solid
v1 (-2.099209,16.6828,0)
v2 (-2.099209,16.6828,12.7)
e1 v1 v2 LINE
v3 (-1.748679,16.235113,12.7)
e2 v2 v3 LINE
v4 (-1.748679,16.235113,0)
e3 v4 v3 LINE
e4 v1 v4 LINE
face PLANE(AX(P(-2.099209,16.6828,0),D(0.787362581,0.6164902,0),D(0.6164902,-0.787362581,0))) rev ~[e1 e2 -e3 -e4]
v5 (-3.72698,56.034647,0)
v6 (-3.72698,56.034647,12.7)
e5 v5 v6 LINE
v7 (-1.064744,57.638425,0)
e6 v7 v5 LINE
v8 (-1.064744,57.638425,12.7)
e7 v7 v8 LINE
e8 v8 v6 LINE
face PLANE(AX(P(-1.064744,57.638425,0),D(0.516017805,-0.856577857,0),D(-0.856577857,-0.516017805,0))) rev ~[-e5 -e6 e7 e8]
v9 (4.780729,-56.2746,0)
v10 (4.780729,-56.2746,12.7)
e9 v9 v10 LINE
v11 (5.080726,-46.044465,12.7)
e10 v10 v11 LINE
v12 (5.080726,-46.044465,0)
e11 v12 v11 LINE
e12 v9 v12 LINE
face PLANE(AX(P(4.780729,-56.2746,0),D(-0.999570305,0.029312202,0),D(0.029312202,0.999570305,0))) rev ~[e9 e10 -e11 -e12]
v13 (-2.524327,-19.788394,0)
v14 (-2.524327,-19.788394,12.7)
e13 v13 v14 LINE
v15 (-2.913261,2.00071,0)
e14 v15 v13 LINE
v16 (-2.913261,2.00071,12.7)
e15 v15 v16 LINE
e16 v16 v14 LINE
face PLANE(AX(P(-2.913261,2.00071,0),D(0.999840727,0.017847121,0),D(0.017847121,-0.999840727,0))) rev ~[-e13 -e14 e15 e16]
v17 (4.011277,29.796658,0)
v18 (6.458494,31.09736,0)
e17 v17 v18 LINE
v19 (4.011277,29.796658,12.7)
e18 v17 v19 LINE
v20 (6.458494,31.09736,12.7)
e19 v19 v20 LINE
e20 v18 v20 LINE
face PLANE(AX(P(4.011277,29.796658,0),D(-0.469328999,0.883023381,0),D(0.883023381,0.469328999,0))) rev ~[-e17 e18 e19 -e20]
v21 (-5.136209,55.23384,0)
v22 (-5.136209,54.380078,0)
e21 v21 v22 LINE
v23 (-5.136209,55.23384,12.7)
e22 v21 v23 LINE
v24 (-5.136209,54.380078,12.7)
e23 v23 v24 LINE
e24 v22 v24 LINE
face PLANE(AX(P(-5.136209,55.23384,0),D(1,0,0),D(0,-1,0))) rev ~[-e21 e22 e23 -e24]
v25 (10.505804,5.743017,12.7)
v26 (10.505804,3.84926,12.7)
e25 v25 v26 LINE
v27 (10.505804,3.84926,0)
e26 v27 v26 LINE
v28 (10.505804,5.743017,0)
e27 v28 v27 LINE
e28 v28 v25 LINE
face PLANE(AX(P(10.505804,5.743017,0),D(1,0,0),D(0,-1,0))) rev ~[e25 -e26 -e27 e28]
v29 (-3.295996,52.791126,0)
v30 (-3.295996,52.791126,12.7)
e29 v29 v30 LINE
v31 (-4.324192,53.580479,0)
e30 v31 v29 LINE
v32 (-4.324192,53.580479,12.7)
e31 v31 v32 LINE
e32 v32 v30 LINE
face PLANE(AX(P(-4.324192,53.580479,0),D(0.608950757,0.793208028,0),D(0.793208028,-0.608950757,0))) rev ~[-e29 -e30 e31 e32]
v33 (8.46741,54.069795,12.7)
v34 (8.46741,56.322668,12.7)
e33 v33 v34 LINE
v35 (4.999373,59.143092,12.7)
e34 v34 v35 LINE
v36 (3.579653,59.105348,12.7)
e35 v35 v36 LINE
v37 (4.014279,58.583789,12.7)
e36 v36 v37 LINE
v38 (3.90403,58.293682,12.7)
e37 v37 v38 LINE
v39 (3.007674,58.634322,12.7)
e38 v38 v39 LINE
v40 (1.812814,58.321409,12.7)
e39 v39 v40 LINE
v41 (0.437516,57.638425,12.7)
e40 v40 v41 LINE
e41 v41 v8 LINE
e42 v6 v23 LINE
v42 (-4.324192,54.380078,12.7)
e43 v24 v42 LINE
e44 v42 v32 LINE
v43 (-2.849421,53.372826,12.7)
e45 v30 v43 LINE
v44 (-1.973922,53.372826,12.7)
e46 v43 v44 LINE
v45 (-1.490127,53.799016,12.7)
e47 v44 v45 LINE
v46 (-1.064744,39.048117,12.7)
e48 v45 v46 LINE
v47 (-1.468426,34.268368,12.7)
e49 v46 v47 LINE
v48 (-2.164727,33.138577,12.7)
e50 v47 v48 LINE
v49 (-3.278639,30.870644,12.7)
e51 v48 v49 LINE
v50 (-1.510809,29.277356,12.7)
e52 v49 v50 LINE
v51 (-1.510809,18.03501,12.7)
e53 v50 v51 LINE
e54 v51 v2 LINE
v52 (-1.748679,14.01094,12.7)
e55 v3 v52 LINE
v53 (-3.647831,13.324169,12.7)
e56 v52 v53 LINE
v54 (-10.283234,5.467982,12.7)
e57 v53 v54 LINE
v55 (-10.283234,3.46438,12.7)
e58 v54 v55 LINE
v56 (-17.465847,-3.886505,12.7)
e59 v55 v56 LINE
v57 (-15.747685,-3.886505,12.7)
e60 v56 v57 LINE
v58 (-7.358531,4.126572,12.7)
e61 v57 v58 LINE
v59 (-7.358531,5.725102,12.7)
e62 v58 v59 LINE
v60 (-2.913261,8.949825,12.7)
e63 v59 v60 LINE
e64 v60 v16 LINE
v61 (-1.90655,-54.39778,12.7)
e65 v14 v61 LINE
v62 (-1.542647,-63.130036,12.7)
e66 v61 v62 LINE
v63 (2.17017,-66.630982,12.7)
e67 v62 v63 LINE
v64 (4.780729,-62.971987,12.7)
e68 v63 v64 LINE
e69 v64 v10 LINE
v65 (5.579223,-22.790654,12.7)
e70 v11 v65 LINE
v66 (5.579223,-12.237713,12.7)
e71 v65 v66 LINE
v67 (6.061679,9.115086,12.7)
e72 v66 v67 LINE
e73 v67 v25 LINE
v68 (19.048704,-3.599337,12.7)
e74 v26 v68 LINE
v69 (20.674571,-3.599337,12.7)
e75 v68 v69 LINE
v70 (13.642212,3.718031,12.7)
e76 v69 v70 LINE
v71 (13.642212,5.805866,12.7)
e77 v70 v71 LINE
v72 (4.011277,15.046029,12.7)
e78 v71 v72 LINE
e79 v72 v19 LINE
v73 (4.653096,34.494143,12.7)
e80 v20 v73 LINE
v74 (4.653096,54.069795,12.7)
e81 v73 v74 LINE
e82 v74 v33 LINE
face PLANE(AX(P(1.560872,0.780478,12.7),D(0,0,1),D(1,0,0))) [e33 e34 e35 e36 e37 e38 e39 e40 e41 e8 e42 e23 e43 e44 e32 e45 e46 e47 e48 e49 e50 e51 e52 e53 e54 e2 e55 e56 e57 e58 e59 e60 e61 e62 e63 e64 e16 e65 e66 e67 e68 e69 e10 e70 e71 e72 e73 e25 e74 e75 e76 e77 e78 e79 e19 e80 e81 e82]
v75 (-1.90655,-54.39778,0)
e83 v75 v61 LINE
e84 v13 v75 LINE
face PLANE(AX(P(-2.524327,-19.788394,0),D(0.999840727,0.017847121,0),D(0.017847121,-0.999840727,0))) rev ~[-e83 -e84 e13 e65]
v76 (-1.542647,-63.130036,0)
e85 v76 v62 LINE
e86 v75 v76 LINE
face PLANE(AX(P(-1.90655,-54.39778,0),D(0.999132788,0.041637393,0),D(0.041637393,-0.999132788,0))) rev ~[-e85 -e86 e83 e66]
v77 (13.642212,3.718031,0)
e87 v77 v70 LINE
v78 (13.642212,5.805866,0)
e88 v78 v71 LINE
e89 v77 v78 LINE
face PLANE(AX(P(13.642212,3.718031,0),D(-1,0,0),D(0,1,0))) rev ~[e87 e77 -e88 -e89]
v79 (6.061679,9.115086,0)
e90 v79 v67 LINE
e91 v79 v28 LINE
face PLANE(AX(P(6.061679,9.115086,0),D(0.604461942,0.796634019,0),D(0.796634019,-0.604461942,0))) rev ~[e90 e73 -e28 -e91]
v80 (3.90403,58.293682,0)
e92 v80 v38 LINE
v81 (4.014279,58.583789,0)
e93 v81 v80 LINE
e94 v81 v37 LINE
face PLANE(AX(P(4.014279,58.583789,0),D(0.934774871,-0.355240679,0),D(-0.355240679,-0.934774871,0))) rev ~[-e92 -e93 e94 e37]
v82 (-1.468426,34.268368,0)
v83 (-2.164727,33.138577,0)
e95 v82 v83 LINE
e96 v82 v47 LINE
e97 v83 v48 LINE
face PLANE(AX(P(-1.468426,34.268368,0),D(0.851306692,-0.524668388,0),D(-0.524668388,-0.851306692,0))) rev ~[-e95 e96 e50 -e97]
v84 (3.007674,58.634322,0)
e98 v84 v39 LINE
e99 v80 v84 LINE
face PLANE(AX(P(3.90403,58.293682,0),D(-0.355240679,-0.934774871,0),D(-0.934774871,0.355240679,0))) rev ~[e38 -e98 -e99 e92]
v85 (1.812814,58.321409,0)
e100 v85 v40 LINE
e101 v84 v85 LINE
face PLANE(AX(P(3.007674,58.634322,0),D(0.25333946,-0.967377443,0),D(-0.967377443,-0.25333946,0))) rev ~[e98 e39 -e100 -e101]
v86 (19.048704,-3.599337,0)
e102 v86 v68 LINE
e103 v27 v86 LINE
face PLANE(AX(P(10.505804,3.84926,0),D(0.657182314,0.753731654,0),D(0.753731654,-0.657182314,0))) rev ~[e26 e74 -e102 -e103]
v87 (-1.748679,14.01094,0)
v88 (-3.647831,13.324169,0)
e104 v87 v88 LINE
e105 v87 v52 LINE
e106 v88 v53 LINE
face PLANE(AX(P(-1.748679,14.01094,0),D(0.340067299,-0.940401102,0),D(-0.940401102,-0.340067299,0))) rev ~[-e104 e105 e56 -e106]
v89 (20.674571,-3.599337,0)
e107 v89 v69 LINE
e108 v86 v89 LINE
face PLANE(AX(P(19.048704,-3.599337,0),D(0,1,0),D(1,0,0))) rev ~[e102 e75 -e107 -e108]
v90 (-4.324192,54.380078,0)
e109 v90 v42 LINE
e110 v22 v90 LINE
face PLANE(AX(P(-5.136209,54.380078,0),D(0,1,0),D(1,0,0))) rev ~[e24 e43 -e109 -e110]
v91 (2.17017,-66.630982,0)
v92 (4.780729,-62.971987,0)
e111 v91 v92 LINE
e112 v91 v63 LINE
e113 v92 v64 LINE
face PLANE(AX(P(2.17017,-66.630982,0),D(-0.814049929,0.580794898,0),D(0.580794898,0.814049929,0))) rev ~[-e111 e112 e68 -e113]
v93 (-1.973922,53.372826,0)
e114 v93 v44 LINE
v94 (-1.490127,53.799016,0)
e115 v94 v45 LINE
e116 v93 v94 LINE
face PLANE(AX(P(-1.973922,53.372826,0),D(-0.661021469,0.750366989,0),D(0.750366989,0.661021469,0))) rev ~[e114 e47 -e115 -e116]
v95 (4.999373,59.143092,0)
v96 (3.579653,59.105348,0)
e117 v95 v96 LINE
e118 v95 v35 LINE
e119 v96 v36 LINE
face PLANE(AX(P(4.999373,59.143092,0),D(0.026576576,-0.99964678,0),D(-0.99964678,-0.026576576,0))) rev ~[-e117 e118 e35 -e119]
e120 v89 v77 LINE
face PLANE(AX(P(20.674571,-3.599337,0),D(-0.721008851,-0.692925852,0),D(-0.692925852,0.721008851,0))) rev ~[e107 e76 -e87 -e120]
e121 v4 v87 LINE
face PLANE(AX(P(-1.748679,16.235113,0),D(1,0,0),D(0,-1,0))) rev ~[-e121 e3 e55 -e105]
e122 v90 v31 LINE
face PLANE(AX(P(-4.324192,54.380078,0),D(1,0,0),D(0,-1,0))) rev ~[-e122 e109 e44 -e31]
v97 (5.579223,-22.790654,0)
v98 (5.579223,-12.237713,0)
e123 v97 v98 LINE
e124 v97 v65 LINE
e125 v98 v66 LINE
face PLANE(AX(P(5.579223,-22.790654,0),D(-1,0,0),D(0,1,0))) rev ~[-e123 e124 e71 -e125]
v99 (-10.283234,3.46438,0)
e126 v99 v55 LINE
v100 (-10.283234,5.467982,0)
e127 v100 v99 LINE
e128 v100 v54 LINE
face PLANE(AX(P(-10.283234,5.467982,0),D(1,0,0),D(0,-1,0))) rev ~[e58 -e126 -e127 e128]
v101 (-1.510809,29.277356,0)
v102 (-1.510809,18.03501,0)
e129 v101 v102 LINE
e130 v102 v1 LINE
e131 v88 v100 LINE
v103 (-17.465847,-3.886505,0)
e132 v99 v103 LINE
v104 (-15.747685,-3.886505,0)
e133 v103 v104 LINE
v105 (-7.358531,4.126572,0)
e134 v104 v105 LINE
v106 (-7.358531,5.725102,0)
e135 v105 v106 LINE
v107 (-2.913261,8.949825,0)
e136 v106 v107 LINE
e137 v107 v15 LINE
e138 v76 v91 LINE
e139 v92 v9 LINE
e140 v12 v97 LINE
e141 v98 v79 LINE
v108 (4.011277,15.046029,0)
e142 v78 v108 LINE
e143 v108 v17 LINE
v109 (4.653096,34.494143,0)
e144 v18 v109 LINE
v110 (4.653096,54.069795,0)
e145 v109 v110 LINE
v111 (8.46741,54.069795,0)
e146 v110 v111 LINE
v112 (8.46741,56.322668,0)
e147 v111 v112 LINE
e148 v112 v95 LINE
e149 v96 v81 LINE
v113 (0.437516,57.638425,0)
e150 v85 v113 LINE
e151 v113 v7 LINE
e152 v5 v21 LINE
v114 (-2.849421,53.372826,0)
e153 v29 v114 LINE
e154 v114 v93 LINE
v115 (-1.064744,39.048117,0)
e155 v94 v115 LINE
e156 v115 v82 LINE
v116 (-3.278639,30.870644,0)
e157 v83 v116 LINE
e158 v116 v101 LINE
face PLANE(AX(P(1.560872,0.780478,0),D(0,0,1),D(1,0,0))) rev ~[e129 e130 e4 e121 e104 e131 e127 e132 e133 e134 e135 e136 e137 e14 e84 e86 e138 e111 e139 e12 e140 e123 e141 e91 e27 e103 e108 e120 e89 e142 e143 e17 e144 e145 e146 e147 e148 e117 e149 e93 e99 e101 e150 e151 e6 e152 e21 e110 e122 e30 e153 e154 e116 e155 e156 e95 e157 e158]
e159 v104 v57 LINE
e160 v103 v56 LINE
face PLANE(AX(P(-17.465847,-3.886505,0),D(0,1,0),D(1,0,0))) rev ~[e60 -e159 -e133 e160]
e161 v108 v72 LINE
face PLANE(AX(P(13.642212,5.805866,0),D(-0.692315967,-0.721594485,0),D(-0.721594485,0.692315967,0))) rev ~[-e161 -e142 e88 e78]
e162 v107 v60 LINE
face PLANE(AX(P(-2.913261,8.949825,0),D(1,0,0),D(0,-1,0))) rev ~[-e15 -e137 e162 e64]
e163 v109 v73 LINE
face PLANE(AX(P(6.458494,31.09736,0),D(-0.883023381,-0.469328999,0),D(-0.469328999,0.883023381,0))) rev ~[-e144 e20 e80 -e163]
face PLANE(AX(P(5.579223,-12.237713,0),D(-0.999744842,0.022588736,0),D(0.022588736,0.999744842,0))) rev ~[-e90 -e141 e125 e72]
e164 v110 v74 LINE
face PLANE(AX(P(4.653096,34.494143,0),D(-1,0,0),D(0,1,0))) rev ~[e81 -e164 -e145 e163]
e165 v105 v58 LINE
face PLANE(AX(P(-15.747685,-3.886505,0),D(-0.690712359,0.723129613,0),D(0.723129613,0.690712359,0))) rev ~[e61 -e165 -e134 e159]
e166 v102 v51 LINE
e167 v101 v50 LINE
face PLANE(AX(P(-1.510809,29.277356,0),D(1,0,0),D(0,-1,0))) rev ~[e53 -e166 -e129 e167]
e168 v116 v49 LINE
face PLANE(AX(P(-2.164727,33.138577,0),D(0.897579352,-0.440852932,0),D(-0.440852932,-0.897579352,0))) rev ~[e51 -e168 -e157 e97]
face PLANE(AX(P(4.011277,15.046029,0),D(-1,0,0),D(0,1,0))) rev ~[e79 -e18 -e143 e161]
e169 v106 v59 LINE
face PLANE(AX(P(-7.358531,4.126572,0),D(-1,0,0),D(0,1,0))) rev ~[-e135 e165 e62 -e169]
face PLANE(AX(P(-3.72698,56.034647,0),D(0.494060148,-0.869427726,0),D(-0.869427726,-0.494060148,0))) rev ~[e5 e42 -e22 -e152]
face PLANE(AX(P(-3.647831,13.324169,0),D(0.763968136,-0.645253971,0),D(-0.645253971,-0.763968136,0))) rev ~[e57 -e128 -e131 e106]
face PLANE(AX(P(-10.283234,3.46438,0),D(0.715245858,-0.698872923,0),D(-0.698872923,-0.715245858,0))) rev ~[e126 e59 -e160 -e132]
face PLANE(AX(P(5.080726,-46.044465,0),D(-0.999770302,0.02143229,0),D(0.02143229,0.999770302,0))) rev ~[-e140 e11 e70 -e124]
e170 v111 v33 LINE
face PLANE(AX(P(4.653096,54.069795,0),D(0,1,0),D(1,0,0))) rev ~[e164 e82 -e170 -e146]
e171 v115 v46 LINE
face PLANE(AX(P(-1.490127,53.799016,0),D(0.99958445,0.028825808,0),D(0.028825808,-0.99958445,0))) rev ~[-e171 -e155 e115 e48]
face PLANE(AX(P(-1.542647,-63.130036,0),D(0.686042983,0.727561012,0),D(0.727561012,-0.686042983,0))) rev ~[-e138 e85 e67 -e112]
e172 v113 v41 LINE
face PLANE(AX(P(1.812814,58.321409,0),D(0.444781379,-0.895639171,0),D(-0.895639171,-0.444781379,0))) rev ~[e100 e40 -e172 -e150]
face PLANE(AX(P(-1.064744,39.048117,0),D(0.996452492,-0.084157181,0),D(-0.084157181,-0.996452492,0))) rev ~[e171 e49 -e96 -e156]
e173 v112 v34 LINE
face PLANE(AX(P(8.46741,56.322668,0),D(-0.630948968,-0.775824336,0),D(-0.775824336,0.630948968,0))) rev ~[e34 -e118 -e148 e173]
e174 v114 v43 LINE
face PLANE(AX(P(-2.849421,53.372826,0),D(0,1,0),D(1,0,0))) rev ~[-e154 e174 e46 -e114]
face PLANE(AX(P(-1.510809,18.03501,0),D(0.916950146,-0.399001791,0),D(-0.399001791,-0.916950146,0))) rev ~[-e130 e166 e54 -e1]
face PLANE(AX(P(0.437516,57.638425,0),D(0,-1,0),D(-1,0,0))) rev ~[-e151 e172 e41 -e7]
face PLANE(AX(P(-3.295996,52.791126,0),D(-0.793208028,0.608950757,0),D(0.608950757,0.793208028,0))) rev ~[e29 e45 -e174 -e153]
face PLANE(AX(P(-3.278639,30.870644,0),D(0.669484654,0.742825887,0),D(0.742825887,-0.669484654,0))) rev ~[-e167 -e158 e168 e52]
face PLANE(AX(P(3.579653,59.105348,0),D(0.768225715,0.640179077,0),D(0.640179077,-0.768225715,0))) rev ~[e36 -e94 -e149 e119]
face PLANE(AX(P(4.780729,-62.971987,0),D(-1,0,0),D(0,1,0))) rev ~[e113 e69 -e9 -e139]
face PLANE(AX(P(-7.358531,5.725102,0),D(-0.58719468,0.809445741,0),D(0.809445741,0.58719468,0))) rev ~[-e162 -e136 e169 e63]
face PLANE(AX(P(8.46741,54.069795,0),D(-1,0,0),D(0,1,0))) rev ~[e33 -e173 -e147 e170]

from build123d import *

# Parameters (mm, degrees)
F1_DEPTH = 12.7


with BuildPart() as f1:
    # F0 (on Top) → F1 (new body)
    with BuildSketch(Plane.XY):
        Polygon((8.4674097598, 56.3226677477), (4.9993731081, 59.1430924833), (3.5796526354, 59.105347842), (4.0142790642, 58.5837887803), (3.9040301926, 58.2936815917), (3.0076738913, 58.6343221366), (1.81281392, 58.3214089274), (0.4375161952, 57.63842538), (0, 57.63842538), (-1.0647438467, 57.63842538), (-3.7269797176, 56.0346469283), (-5.1362086087, 55.2338398993), (-5.1362086087, 54.3800778687), (-4.324192436, 54.3800778687), (-4.324192436, 53.5804792602), (-3.2959955279, 52.7911260724), (-2.8494205326, 53.3728264272), (-1.9739218988, 53.3728264272), (-1.4901272083, 53.7990161207), (-1.4361526119, 51.9273541868), (-1.0647438467, 39.0481166542), (-1.4684260823, 34.2683680356), (-2.1647270769, 33.138576895), (-3.2786394004, 30.8706443757), (-1.5108085936, 29.2773563415), (-1.5108085936, 18.0350095034), (-2.0992092323, 16.6827999055), (-1.7486788565, 16.2351131439), (-1.7486788565, 14.0109397471), (-3.6478310358, 13.3241694421), (-10.2832335979, 5.4679820314), (-10.2832335979, 3.4643800464), (-17.465846613, -3.8865045644), (-15.7476849854, -3.8865045644), (-7.3585305363, 4.1265715845), (-7.3585305363, 5.7251015678), (-2.9132614987, 8.9498246089), (-2.9132614987, 2.0007098744), (-2.5243267883, -19.7883937508), (-1.9065504894, -54.3977804482), (-1.5426465543, -63.1300359964), (2.1701699588, -66.6309818625), (4.7807293013, -62.9719868302), (4.7807293013, -56.274600327), (5.0807259977, -46.0444651544), (5.579222925, -22.7906536311), (5.579222925, -12.2377127409), (6.0616787523, 9.1150859371), (10.5058038607, 5.7430174202), (10.5058038607, 3.8492596457), (19.0487038344, -3.5993366037), (20.6745713949, -3.5993366037), (13.642212376, 3.7180308718), (13.642212376, 5.8058663271), (4.0112765072, 15.0460293517), (4.0112765072, 29.7966579315), (6.4584943466, 31.0973599553), (4.653096199, 34.4941429794), (4.653096199, 50.1591525972), (4.653096199, 54.0697947145), (8.4674097598, 54.0697947145), align=None)
    extrude(amount=F1_DEPTH)


solid = f1.part
